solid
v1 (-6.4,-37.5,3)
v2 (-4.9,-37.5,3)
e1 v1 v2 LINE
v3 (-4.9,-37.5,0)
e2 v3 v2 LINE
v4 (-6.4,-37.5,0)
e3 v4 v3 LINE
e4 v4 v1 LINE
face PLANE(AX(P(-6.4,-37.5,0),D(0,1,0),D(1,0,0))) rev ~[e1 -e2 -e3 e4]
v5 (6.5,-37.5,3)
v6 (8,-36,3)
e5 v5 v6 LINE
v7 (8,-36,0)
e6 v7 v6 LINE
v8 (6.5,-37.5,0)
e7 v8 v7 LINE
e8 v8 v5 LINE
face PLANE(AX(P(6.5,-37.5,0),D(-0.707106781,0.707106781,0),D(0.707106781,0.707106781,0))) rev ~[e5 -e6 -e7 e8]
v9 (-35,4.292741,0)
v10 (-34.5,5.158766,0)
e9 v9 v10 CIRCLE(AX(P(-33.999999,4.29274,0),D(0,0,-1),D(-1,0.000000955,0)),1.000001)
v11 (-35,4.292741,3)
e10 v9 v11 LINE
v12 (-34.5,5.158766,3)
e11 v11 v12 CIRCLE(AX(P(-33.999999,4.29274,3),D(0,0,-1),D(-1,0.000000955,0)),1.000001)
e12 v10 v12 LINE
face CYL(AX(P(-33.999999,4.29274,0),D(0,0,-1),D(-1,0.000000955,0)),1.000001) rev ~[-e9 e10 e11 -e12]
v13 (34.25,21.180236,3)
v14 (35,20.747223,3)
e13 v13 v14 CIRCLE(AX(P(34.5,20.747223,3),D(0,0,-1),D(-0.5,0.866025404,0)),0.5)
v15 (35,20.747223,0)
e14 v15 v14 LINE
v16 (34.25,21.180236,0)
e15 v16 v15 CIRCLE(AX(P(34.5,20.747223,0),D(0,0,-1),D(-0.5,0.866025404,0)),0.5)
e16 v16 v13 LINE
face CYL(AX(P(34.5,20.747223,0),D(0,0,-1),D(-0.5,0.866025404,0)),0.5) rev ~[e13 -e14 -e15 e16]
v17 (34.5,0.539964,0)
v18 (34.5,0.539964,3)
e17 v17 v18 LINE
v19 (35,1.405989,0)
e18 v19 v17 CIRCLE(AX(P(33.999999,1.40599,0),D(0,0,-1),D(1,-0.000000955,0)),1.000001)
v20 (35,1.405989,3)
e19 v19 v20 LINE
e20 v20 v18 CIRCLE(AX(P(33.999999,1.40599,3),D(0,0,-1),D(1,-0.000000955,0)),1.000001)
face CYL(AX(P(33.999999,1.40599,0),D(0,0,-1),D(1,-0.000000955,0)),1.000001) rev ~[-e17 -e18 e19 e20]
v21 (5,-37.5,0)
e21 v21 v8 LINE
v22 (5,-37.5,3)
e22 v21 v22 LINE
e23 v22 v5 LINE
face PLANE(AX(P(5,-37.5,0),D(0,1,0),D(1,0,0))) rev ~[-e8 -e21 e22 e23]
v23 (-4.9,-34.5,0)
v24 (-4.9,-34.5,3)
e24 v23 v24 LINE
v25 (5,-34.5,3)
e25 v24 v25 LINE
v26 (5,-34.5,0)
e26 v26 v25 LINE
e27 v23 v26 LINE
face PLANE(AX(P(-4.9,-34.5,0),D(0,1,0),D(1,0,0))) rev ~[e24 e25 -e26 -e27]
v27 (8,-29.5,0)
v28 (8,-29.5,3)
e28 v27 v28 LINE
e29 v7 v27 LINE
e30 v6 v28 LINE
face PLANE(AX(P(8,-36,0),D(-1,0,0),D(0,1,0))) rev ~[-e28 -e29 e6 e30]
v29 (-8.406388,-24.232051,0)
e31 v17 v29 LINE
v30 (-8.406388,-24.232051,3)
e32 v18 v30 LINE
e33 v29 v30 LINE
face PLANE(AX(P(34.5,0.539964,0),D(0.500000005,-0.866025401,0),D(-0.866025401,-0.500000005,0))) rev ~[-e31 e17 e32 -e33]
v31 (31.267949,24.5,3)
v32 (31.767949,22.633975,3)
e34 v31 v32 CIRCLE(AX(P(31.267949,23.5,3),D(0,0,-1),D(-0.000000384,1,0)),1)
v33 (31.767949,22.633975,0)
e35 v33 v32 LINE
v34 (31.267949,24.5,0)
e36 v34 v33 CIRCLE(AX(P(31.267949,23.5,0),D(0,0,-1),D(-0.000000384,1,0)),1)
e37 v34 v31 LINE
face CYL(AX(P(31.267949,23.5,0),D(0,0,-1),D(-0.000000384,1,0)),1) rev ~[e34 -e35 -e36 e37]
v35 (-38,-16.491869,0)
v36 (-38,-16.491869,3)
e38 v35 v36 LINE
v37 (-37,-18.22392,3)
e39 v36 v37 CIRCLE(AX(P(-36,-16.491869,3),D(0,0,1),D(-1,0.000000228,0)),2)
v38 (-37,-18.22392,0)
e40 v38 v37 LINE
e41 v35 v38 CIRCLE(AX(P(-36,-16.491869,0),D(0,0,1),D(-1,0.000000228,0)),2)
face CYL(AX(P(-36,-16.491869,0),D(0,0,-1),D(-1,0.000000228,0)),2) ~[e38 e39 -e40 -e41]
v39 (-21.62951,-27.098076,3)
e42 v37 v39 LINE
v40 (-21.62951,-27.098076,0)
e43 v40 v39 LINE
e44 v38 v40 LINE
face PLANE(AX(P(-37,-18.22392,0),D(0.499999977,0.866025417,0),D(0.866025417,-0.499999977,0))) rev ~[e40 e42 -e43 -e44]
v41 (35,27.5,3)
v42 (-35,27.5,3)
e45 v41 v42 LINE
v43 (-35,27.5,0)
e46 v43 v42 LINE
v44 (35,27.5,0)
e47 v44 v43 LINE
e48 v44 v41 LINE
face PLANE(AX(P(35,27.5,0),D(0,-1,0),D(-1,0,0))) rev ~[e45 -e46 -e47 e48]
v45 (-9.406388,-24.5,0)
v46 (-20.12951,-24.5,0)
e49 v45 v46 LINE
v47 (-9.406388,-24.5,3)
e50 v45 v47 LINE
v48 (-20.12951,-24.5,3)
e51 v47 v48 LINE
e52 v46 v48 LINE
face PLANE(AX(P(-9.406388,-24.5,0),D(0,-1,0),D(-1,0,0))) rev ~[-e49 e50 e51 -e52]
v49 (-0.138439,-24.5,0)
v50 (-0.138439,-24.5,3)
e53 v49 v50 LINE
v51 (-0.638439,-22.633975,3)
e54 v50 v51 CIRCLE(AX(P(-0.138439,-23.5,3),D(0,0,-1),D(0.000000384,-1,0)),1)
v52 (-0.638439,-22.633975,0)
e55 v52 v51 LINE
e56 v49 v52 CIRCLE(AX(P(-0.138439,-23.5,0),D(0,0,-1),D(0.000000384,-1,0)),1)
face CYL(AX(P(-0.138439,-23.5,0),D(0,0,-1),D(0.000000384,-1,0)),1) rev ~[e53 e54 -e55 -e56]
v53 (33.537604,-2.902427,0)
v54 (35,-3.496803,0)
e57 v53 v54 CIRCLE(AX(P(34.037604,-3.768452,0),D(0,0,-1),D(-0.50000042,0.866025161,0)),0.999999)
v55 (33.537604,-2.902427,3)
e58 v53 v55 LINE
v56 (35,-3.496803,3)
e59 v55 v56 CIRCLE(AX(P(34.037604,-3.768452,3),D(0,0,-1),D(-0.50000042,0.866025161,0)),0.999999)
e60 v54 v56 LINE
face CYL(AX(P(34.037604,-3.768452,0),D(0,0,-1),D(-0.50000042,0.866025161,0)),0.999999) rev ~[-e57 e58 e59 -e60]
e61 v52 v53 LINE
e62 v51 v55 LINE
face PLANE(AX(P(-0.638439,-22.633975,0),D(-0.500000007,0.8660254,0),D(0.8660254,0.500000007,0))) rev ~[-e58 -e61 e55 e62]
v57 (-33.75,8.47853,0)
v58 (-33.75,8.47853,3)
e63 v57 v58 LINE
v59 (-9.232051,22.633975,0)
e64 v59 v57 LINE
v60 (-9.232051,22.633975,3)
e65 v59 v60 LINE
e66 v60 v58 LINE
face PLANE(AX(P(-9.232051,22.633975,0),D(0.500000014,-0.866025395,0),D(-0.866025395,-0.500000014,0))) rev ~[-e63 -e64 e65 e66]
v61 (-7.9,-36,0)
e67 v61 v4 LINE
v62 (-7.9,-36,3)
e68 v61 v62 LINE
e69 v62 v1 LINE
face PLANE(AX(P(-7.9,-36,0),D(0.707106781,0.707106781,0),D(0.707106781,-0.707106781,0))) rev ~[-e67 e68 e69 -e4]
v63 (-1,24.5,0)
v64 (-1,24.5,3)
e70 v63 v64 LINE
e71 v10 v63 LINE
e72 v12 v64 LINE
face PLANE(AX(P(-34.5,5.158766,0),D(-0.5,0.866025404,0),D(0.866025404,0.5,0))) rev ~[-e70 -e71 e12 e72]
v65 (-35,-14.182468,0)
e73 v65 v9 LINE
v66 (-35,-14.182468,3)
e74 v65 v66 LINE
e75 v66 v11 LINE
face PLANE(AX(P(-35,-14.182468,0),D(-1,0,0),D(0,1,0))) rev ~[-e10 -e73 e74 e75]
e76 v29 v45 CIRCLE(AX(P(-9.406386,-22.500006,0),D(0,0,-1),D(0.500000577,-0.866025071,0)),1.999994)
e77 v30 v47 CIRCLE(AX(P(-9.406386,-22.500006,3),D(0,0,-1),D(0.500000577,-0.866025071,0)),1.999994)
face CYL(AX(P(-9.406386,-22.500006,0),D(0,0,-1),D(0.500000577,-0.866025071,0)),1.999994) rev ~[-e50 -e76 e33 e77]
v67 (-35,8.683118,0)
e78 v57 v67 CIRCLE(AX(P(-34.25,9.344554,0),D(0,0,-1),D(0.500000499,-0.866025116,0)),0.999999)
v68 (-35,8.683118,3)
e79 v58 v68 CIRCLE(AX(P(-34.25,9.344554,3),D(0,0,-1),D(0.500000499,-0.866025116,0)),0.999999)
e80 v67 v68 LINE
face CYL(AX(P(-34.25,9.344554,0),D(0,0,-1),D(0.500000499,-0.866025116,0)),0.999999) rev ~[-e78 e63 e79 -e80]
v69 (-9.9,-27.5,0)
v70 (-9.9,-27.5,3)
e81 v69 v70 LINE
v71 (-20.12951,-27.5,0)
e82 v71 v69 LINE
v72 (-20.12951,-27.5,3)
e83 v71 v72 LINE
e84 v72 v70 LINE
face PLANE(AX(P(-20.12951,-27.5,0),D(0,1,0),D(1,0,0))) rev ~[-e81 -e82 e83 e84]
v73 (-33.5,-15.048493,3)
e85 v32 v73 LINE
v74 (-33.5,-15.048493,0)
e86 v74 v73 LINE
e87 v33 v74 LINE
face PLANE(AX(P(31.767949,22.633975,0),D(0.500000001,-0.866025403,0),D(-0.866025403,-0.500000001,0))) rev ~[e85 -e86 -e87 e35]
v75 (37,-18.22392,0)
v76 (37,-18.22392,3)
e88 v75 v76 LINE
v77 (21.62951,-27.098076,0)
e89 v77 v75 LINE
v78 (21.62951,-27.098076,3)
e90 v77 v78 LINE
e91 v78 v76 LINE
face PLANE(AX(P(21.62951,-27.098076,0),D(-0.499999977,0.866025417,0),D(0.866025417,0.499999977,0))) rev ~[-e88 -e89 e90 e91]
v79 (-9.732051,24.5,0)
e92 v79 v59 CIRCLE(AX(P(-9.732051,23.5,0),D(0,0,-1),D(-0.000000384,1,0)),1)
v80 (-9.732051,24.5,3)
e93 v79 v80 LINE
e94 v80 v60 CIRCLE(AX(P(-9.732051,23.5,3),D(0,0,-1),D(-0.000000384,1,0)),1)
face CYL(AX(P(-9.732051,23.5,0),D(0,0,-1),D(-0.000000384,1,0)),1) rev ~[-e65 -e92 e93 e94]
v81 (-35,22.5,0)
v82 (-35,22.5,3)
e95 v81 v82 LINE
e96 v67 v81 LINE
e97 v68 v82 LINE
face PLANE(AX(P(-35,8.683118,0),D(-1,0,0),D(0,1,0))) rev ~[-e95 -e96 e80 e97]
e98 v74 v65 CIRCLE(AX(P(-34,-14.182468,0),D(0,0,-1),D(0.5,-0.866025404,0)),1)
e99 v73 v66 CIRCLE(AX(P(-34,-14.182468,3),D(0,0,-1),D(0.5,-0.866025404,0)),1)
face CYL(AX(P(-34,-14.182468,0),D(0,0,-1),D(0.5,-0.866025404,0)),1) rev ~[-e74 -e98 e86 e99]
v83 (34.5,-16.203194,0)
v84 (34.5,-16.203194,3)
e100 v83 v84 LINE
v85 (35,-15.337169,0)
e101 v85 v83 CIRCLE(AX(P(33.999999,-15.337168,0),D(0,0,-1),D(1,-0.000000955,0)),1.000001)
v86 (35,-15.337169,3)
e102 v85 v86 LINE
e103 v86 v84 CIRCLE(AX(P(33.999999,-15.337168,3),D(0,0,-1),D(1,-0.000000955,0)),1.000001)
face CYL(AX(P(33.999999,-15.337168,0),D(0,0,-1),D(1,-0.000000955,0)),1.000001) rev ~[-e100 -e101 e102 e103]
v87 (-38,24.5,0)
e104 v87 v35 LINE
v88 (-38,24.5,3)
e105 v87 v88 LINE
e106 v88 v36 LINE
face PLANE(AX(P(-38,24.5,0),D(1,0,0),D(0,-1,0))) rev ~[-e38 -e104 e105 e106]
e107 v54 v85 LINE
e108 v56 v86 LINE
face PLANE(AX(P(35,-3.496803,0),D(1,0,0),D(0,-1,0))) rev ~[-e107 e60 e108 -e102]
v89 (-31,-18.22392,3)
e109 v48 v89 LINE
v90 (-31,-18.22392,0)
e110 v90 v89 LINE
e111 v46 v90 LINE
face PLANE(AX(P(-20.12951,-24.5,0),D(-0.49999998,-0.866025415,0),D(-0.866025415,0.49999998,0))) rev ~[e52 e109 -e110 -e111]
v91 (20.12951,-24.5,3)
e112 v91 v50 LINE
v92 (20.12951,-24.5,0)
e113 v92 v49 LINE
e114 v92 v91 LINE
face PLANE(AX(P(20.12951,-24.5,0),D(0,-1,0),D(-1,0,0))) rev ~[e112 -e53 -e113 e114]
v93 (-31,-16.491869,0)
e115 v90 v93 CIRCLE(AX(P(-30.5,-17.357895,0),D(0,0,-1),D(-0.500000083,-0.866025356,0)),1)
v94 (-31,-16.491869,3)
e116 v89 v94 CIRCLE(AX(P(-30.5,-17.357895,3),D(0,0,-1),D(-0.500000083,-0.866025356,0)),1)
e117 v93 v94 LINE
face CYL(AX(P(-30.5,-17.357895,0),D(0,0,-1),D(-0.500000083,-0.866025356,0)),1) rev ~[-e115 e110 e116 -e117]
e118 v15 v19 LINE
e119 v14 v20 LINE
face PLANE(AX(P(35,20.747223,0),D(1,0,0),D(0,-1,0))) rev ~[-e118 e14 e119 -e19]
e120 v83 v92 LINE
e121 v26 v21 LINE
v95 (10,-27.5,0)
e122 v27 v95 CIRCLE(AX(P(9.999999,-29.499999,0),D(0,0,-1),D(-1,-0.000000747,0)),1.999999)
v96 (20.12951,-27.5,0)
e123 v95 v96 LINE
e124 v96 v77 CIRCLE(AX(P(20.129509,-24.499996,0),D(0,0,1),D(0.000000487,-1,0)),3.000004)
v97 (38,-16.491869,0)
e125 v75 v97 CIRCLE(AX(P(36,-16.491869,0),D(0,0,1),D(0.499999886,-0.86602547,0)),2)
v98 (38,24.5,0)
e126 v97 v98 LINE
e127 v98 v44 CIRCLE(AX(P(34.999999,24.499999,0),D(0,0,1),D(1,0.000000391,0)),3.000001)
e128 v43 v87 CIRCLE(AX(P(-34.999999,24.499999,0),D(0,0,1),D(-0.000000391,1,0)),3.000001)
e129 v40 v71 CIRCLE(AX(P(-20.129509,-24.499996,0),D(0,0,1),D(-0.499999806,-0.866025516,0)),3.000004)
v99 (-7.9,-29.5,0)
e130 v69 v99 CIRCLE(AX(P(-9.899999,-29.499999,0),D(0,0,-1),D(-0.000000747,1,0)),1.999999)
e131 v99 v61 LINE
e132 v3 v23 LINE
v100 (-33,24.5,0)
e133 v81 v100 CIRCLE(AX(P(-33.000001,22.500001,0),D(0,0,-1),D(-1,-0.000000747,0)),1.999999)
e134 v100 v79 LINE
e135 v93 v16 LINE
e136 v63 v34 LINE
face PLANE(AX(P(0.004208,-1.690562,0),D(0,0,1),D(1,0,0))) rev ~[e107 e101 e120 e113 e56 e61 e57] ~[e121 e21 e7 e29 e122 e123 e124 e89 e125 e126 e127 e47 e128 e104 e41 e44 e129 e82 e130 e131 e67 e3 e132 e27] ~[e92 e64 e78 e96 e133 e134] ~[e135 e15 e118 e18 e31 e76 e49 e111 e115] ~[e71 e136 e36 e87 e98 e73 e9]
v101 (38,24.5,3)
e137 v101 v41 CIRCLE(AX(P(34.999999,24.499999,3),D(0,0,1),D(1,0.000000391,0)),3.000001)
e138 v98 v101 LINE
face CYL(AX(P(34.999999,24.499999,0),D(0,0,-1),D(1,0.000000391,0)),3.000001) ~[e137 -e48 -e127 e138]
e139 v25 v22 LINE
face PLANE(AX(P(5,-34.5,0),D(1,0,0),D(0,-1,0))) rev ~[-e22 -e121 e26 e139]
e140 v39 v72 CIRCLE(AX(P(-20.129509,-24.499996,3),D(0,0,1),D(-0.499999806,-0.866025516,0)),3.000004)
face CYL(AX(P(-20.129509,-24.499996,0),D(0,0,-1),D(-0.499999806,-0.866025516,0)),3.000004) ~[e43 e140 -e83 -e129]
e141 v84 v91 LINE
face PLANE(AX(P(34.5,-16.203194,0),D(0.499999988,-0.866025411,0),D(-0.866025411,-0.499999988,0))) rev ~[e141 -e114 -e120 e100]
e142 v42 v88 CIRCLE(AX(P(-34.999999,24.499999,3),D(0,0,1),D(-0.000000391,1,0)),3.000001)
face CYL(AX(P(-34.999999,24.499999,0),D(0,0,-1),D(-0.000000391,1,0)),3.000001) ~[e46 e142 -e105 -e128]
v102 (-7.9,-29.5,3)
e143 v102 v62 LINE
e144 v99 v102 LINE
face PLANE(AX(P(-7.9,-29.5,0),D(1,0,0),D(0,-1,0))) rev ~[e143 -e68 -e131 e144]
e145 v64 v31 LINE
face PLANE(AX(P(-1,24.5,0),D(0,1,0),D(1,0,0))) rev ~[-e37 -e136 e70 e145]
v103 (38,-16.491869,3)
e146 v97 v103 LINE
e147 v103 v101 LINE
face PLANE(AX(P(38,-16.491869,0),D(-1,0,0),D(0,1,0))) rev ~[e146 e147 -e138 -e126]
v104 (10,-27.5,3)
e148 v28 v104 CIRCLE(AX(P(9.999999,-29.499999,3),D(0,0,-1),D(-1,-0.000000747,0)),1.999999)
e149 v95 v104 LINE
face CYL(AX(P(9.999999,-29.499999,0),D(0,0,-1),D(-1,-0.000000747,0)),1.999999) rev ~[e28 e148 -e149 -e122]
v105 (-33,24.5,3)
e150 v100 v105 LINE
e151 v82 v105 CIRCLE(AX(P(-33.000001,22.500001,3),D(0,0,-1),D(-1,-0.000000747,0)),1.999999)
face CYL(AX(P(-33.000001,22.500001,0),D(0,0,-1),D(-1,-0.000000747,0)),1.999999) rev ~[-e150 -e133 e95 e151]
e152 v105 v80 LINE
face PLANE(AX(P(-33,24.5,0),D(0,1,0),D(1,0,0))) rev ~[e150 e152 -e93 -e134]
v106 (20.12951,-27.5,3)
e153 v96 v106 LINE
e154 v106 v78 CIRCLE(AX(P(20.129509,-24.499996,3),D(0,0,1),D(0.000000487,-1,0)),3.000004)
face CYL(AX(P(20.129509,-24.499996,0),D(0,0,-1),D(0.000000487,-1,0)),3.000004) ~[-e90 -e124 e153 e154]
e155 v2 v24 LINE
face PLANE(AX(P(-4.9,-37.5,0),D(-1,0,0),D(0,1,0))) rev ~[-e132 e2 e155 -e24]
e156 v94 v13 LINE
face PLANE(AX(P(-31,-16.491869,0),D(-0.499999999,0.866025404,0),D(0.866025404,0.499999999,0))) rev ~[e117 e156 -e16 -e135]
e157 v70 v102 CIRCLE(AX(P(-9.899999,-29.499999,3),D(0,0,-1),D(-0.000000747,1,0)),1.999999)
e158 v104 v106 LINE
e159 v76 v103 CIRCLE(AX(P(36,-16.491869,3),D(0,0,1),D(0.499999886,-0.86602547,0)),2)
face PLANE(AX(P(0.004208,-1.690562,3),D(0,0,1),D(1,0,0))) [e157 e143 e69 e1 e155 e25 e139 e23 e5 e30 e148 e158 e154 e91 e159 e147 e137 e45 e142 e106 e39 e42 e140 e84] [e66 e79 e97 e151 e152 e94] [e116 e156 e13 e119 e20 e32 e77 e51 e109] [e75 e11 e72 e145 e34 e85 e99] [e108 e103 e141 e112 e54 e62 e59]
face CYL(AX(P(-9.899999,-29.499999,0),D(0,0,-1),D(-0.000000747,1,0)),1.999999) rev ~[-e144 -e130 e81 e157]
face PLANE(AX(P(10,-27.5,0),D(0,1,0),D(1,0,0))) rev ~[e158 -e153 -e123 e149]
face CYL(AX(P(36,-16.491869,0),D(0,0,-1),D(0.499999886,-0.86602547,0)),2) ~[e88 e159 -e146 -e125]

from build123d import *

# Parameters (mm, degrees)
F1_DEPTH = 3


with BuildPart() as f1:
    # F0 (on Top) → F1 (new body)
    with BuildSketch(Plane.XY):
        with BuildLine():
            ThreePointArc((38, 24.5), (37.12132, 26.62132), (35, 27.5))
            Line((35, 27.5), (-35, 27.5))
            ThreePointArc((-35, 27.5), (-37.12132, 26.62132), (-38, 24.5))
            Line((-38, 24.5), (-38, -16.491869))
            ThreePointArc((-38, -16.491869), (-37.732051, -17.491869), (-37, -18.22392))
            Line((-37, -18.22392), (-21.62951, -27.098076))
            ThreePointArc((-21.62951, -27.098076), (-20.905968, -27.397777), (-20.12951, -27.5))
            Line((-20.12951, -27.5), (-18.13, -27.5))
            Line((-18.13, -27.5), (-9.9, -27.5))
            ThreePointArc((-9.9, -27.5), (-8.485786, -28.085786), (-7.9, -29.5))
            Line((-7.9, -29.5), (-7.9, -36))
            Line((-7.9, -36), (-6.4, -37.5))
            Line((-6.4, -37.5), (-4.9, -37.5))
            Line((-4.9, -37.5), (-4.9, -34.5))
            Line((-4.9, -34.5), (0, -34.5))
            Line((0, -34.5), (5, -34.5))
            Line((5, -34.5), (5, -36.699129))
            Line((5, -36.699129), (5, -37.5))
            Line((5, -37.5), (6.5, -37.5))
            Line((6.5, -37.5), (8, -36))
            Line((8, -36), (8, -29.5))
            ThreePointArc((8, -29.5), (8.585786, -28.085786), (10, -27.5))
            Line((10, -27.5), (20.12951, -27.5))
            ThreePointArc((20.12951, -27.5), (20.905968, -27.397777), (21.62951, -27.098076))
            Line((21.62951, -27.098076), (37, -18.22392))
            ThreePointArc((37, -18.22392), (37.732051, -17.491869), (38, -16.491869))
            Line((38, -16.491869), (38, 24.5))
        make_face()
        with BuildLine():
            Line((34.5, -16.203194), (20.12951, -24.5))
            Line((20.12951, -24.5), (-0.138439, -24.5))
            ThreePointArc((-0.138439, -24.5), (-1.104365, -23.758819), (-0.638439, -22.633975))
            Line((-0.638439, -22.633975), (33.537604, -2.902427))
            ThreePointArc((33.537604, -2.902427), (34.414132, -2.842047), (35, -3.496803))
            Line((35, -3.496803), (35, -15.337169))
            ThreePointArc((35, -15.337169), (34.866025, -15.837169), (34.5, -16.203194))
        make_face(mode=Mode.SUBTRACT)
        with BuildLine():
            Line((-35, -7.5), (-35, 4.292741))
            ThreePointArc((-35, 4.292741), (-34.866025, 4.792741), (-34.5, 5.158766))
            Line((-34.5, 5.158766), (-1, 24.5))
            Line((-1, 24.5), (31.267949, 24.5))
            ThreePointArc((31.267949, 24.5), (32.233875, 23.758819), (31.767949, 22.633975))
            Line((31.767949, 22.633975), (-33.5, -15.048493))
            ThreePointArc((-33.5, -15.048493), (-34.5, -15.048493), (-35, -14.182468))
            Line((-35, -14.182468), (-35, -7.5))
        make_face(mode=Mode.SUBTRACT)
        with BuildLine():
            ThreePointArc((-33.75, 8.47853), (-34.411521, 8.357686), (-35, 8.683118))
            Line((-35, 8.683118), (-35, 22.5))
            ThreePointArc((-35, 22.5), (-34.414214, 23.914214), (-33, 24.5))
            Line((-33, 24.5), (-9.732051, 24.5))
            ThreePointArc((-9.732051, 24.5), (-8.766125, 23.758819), (-9.232051, 22.633975))
            Line((-9.232051, 22.633975), (-33.75, 8.47853))
        make_face(mode=Mode.SUBTRACT)
        with BuildLine():
            ThreePointArc((34.25, 21.180236), (34.75, 21.180236), (35, 20.747223))
            Line((35, 20.747223), (35, 1.405989))
            ThreePointArc((35, 1.405989), (34.866025, 0.905989), (34.5, 0.539964))
            Line((34.5, 0.539964), (-8.406388, -24.232051))
            ThreePointArc((-8.406388, -24.232051), (-8.88875, -24.431852), (-9.406388, -24.5))
            Line((-9.406388, -24.5), (-20.12951, -24.5))
            Line((-20.12951, -24.5), (-31, -18.22392))
            ThreePointArc((-31, -18.22392), (-31.5, -17.357895), (-31, -16.491869))
            Line((-31, -16.491869), (34.25, 21.180236))
        make_face(mode=Mode.SUBTRACT)
    extrude(amount=F1_DEPTH)


solid = f1.part
